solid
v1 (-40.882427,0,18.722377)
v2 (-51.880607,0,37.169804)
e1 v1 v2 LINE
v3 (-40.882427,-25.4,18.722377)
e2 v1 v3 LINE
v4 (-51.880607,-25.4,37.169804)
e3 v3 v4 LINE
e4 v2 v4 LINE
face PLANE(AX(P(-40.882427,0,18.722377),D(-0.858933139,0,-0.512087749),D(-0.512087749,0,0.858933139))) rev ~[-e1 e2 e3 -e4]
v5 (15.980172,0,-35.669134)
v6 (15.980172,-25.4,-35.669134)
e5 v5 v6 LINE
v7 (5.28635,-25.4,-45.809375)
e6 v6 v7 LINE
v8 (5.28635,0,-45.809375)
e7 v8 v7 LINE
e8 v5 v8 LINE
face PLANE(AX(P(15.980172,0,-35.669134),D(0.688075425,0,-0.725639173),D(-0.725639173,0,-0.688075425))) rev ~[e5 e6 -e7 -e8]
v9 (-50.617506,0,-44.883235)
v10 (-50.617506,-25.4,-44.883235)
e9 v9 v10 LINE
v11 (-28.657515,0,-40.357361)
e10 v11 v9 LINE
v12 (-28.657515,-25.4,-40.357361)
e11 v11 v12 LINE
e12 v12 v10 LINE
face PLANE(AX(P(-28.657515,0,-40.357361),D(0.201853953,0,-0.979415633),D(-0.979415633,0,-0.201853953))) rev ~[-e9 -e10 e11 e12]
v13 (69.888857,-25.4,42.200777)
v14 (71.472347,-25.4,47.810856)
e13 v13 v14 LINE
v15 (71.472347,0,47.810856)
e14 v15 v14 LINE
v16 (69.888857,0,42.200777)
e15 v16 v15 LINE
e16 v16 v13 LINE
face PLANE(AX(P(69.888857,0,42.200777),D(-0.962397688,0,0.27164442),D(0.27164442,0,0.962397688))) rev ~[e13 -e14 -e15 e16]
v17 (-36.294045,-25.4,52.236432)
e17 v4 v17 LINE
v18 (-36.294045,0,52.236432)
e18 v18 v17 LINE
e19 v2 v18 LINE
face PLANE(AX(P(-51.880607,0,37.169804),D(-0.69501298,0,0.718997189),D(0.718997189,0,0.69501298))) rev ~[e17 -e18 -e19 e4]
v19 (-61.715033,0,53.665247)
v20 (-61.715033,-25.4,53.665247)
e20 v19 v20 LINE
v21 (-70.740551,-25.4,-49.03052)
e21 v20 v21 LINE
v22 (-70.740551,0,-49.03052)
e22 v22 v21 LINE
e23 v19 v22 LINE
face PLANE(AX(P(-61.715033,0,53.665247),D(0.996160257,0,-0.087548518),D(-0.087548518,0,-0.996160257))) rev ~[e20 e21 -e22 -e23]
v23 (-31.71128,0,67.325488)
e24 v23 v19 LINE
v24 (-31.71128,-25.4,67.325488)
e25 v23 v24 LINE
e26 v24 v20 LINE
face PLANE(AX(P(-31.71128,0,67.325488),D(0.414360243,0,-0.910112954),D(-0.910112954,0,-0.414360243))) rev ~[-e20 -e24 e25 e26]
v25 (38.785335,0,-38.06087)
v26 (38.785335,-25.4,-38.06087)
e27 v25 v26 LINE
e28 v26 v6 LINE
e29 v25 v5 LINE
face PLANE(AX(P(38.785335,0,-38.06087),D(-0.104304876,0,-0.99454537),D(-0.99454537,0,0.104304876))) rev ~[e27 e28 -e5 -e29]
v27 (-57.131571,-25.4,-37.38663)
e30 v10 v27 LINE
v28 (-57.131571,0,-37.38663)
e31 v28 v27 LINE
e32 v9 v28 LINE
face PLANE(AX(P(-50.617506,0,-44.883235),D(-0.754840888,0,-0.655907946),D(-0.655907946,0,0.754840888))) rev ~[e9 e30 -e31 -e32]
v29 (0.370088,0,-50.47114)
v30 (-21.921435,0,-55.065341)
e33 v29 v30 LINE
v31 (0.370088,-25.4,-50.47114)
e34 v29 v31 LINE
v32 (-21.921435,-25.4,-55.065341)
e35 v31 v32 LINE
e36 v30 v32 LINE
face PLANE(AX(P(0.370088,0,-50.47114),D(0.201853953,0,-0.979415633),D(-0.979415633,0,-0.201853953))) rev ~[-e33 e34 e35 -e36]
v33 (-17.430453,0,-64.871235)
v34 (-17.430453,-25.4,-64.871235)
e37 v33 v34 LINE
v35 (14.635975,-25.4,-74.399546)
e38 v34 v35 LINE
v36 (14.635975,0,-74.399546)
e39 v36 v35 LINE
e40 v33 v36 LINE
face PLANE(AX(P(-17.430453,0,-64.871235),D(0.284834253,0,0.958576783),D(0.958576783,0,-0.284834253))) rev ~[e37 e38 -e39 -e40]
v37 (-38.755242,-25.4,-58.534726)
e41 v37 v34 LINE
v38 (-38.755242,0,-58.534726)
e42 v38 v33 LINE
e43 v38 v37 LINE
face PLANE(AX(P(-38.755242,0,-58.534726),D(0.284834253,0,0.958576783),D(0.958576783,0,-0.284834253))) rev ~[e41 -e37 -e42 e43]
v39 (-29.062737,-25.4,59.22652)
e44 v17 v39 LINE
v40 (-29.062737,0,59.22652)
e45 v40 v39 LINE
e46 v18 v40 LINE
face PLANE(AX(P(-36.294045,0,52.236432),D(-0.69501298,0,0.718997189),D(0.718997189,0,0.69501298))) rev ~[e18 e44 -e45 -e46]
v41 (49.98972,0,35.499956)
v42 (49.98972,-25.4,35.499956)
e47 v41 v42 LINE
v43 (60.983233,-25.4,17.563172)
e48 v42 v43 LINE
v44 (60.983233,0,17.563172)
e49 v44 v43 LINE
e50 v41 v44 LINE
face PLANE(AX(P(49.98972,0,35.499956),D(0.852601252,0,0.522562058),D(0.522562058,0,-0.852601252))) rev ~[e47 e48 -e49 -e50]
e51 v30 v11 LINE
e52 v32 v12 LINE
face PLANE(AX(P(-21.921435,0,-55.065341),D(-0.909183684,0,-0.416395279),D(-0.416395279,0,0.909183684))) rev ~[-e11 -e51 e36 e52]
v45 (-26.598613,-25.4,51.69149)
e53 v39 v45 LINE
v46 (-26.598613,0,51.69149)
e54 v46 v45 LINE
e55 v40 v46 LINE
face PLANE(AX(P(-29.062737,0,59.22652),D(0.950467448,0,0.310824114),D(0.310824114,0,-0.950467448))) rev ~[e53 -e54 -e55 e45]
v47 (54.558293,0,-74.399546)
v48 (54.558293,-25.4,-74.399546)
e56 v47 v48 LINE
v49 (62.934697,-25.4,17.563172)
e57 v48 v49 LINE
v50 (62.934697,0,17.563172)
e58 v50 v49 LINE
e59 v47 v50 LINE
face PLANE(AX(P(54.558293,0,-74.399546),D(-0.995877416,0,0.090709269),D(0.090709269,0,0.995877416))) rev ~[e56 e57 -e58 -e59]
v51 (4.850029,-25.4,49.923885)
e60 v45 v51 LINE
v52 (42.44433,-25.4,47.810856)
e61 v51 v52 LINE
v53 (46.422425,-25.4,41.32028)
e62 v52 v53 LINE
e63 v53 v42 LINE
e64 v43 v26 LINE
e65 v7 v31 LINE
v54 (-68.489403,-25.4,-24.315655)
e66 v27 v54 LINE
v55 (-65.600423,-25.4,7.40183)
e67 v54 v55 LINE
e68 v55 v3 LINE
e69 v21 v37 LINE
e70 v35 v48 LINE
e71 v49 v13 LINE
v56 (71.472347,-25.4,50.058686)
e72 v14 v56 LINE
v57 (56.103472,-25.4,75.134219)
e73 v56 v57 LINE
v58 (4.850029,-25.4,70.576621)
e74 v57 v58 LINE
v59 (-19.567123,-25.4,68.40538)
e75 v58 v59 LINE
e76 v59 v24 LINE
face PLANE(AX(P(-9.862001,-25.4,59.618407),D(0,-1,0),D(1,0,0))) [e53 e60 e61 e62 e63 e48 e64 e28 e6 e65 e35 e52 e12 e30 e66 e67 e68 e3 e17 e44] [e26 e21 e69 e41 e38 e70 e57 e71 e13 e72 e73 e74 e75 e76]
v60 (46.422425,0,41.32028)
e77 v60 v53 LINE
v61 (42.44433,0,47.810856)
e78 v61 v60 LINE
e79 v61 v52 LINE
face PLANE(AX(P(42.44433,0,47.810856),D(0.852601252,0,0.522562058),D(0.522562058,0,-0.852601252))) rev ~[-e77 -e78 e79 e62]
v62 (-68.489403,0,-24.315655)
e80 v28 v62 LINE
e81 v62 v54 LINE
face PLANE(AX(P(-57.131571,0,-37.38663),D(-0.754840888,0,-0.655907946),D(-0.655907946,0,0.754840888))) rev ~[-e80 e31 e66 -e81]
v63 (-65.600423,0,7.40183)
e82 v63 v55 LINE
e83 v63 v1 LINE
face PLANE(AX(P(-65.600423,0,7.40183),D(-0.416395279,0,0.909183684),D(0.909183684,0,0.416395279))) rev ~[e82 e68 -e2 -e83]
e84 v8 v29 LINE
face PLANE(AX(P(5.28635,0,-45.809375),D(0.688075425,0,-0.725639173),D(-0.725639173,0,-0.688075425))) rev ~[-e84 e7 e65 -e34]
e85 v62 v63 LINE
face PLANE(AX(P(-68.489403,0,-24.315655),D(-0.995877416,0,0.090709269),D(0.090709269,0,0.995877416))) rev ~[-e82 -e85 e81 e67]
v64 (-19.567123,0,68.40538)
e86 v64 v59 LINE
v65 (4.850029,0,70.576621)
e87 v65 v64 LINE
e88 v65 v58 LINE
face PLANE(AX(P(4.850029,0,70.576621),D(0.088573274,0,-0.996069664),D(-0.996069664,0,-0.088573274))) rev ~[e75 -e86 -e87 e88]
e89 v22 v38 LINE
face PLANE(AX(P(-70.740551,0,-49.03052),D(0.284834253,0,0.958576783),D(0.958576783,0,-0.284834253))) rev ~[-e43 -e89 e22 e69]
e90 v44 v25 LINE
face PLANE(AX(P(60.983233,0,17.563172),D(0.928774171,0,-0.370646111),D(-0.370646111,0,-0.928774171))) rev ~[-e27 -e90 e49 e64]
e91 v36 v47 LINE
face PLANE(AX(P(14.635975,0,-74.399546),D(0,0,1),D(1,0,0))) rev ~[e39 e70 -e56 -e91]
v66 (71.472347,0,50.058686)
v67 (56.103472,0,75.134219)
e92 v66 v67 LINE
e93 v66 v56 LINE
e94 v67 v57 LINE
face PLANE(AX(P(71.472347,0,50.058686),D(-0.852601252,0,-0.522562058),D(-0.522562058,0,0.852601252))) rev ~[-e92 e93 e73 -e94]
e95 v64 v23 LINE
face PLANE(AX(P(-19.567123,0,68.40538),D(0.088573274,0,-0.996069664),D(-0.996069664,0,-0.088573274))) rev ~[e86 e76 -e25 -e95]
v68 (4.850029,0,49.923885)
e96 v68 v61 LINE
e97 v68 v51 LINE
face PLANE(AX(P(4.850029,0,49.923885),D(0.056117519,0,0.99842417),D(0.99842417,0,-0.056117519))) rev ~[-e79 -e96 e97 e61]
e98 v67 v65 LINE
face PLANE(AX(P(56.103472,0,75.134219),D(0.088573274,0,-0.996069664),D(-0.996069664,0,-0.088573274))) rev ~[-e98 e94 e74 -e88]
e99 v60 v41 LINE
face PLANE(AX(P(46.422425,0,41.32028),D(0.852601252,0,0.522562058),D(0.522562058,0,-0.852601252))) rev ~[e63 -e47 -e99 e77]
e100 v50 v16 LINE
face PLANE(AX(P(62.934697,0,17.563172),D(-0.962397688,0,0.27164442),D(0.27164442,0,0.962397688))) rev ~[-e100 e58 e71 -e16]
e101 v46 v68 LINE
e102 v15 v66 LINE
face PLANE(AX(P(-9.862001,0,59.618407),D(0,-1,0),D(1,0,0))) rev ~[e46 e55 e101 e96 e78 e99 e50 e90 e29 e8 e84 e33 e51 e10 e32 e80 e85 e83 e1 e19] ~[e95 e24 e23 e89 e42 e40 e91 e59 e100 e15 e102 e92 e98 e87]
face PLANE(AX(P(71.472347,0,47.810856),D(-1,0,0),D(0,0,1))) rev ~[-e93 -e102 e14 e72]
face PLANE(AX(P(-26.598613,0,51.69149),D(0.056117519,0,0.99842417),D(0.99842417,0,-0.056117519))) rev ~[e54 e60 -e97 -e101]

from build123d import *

# Parameters (mm, degrees)
F1_DEPTH = 25.4


with BuildPart() as f1:
    # F0 (on Front) → F1 (new body)
    with BuildSketch(Plane.XZ):
        Polygon((-29.0627366167, 59.2265195809), (-26.5986134675, 51.6914901655), (4.8500286105, 49.9238849428), (4.8500286105, 70.576620616), (-19.5671229655, 68.4053798518), align=None)
        Polygon((31.3274671897, 72.9310678085), (4.8500286105, 49.9238849428), (42.4443297088, 47.8108562529), align=None)
        Polygon((4.8500286105, 70.576620616), (4.8500286105, 49.9238849428), (31.3274671897, 72.9310678085), align=None)
        Polygon((-36.2940447313, 52.2364324526), (-29.0627366167, 59.2265195809), (-31.7112803459, 67.3254877329), (-61.7150329053, 53.6652468145), align=None)
        Polygon((-31.7112803459, 67.3254877329), (-29.0627366167, 59.2265195809), (-19.5671229655, 68.4053798518), align=None)
        Polygon((-51.8806073309, 37.1698042746), (-36.2940447313, 52.2364324526), (-61.7150329053, 53.6652468145), align=None)
        Polygon((-65.600423, 7.4018295103), (-40.8824269365, 18.7223767795), (-51.8806073309, 37.1698042746), (-61.7150329053, 53.6652468145), (-70.7405507565, -49.0305200219), (-68.4894029233, -24.315655452), align=None)
        Polygon((71.4723467827, 47.8108562529), (42.4443297088, 47.8108562529), (46.4224250242, 41.3202796856), (69.8888571857, 42.2007769877), align=None)
        Polygon((56.1034718341, 75.1342187818), (42.4443297088, 47.8108562529), (71.4723467827, 47.8108562529), (71.4723467827, 50.058685971), align=None)
        Polygon((31.3274671897, 72.9310678085), (42.4443297088, 47.8108562529), (56.1034718341, 75.1342187818), align=None)
        Polygon((69.8888571857, 42.2007769877), (46.4224250242, 41.3202796856), (49.9897200646, 35.4999561987), align=None)
        Polygon((15.9801721379, -35.6691343344), (5.2863502547, -45.8093752593), (14.6359754726, -74.3995457888), (38.7853346765, -38.0608700216), align=None)
        Polygon((14.6359754726, -74.3995457888), (5.2863502547, -45.8093752593), (0.3700881163, -50.4711400688), align=None)
        Polygon((-57.13157103, -37.3866297692), (-68.4894029233, -24.315655452), (-70.7405507565, -49.0305200219), align=None)
        Polygon((-57.13157103, -37.3866297692), (-70.7405507565, -49.0305200219), (-50.6175059134, -44.8832346352), align=None)
        Polygon((-50.6175059134, -44.8832346352), (-70.7405507565, -49.0305200219), (-38.7552418775, -58.5347263998), align=None)
        Polygon((69.8888571857, 42.2007769877), (49.9897200646, 35.4999561987), (60.9832331538, 17.5631716847), (62.9346966743, 17.5631716847), align=None)
        Polygon((-17.4304527242, -64.8712353842), (14.6359754726, -74.3995457888), (0.3700881163, -50.4711400688), (-21.9214353892, -55.0653409168), align=None)
        Polygon((38.7853346765, -38.0608700216), (14.6359754726, -74.3995457888), (54.5582934135, -74.3995457888), align=None)
        Polygon((-21.9214353892, -55.0653409168), (-28.6575145446, -40.3573613388), (-50.6175059134, -44.8832346352), (-38.7552418775, -58.5347263998), align=None)
        Polygon((60.9832331538, 17.5631716847), (38.7853346765, -38.0608700216), (54.5582934135, -74.3995457888), (62.9346966743, 17.5631716847), align=None)
        Polygon((-21.9214353892, -55.0653409168), (-38.7552418775, -58.5347263998), (-17.4304527242, -64.8712353842), align=None)
    extrude(amount=F1_DEPTH)


solid = f1.part
